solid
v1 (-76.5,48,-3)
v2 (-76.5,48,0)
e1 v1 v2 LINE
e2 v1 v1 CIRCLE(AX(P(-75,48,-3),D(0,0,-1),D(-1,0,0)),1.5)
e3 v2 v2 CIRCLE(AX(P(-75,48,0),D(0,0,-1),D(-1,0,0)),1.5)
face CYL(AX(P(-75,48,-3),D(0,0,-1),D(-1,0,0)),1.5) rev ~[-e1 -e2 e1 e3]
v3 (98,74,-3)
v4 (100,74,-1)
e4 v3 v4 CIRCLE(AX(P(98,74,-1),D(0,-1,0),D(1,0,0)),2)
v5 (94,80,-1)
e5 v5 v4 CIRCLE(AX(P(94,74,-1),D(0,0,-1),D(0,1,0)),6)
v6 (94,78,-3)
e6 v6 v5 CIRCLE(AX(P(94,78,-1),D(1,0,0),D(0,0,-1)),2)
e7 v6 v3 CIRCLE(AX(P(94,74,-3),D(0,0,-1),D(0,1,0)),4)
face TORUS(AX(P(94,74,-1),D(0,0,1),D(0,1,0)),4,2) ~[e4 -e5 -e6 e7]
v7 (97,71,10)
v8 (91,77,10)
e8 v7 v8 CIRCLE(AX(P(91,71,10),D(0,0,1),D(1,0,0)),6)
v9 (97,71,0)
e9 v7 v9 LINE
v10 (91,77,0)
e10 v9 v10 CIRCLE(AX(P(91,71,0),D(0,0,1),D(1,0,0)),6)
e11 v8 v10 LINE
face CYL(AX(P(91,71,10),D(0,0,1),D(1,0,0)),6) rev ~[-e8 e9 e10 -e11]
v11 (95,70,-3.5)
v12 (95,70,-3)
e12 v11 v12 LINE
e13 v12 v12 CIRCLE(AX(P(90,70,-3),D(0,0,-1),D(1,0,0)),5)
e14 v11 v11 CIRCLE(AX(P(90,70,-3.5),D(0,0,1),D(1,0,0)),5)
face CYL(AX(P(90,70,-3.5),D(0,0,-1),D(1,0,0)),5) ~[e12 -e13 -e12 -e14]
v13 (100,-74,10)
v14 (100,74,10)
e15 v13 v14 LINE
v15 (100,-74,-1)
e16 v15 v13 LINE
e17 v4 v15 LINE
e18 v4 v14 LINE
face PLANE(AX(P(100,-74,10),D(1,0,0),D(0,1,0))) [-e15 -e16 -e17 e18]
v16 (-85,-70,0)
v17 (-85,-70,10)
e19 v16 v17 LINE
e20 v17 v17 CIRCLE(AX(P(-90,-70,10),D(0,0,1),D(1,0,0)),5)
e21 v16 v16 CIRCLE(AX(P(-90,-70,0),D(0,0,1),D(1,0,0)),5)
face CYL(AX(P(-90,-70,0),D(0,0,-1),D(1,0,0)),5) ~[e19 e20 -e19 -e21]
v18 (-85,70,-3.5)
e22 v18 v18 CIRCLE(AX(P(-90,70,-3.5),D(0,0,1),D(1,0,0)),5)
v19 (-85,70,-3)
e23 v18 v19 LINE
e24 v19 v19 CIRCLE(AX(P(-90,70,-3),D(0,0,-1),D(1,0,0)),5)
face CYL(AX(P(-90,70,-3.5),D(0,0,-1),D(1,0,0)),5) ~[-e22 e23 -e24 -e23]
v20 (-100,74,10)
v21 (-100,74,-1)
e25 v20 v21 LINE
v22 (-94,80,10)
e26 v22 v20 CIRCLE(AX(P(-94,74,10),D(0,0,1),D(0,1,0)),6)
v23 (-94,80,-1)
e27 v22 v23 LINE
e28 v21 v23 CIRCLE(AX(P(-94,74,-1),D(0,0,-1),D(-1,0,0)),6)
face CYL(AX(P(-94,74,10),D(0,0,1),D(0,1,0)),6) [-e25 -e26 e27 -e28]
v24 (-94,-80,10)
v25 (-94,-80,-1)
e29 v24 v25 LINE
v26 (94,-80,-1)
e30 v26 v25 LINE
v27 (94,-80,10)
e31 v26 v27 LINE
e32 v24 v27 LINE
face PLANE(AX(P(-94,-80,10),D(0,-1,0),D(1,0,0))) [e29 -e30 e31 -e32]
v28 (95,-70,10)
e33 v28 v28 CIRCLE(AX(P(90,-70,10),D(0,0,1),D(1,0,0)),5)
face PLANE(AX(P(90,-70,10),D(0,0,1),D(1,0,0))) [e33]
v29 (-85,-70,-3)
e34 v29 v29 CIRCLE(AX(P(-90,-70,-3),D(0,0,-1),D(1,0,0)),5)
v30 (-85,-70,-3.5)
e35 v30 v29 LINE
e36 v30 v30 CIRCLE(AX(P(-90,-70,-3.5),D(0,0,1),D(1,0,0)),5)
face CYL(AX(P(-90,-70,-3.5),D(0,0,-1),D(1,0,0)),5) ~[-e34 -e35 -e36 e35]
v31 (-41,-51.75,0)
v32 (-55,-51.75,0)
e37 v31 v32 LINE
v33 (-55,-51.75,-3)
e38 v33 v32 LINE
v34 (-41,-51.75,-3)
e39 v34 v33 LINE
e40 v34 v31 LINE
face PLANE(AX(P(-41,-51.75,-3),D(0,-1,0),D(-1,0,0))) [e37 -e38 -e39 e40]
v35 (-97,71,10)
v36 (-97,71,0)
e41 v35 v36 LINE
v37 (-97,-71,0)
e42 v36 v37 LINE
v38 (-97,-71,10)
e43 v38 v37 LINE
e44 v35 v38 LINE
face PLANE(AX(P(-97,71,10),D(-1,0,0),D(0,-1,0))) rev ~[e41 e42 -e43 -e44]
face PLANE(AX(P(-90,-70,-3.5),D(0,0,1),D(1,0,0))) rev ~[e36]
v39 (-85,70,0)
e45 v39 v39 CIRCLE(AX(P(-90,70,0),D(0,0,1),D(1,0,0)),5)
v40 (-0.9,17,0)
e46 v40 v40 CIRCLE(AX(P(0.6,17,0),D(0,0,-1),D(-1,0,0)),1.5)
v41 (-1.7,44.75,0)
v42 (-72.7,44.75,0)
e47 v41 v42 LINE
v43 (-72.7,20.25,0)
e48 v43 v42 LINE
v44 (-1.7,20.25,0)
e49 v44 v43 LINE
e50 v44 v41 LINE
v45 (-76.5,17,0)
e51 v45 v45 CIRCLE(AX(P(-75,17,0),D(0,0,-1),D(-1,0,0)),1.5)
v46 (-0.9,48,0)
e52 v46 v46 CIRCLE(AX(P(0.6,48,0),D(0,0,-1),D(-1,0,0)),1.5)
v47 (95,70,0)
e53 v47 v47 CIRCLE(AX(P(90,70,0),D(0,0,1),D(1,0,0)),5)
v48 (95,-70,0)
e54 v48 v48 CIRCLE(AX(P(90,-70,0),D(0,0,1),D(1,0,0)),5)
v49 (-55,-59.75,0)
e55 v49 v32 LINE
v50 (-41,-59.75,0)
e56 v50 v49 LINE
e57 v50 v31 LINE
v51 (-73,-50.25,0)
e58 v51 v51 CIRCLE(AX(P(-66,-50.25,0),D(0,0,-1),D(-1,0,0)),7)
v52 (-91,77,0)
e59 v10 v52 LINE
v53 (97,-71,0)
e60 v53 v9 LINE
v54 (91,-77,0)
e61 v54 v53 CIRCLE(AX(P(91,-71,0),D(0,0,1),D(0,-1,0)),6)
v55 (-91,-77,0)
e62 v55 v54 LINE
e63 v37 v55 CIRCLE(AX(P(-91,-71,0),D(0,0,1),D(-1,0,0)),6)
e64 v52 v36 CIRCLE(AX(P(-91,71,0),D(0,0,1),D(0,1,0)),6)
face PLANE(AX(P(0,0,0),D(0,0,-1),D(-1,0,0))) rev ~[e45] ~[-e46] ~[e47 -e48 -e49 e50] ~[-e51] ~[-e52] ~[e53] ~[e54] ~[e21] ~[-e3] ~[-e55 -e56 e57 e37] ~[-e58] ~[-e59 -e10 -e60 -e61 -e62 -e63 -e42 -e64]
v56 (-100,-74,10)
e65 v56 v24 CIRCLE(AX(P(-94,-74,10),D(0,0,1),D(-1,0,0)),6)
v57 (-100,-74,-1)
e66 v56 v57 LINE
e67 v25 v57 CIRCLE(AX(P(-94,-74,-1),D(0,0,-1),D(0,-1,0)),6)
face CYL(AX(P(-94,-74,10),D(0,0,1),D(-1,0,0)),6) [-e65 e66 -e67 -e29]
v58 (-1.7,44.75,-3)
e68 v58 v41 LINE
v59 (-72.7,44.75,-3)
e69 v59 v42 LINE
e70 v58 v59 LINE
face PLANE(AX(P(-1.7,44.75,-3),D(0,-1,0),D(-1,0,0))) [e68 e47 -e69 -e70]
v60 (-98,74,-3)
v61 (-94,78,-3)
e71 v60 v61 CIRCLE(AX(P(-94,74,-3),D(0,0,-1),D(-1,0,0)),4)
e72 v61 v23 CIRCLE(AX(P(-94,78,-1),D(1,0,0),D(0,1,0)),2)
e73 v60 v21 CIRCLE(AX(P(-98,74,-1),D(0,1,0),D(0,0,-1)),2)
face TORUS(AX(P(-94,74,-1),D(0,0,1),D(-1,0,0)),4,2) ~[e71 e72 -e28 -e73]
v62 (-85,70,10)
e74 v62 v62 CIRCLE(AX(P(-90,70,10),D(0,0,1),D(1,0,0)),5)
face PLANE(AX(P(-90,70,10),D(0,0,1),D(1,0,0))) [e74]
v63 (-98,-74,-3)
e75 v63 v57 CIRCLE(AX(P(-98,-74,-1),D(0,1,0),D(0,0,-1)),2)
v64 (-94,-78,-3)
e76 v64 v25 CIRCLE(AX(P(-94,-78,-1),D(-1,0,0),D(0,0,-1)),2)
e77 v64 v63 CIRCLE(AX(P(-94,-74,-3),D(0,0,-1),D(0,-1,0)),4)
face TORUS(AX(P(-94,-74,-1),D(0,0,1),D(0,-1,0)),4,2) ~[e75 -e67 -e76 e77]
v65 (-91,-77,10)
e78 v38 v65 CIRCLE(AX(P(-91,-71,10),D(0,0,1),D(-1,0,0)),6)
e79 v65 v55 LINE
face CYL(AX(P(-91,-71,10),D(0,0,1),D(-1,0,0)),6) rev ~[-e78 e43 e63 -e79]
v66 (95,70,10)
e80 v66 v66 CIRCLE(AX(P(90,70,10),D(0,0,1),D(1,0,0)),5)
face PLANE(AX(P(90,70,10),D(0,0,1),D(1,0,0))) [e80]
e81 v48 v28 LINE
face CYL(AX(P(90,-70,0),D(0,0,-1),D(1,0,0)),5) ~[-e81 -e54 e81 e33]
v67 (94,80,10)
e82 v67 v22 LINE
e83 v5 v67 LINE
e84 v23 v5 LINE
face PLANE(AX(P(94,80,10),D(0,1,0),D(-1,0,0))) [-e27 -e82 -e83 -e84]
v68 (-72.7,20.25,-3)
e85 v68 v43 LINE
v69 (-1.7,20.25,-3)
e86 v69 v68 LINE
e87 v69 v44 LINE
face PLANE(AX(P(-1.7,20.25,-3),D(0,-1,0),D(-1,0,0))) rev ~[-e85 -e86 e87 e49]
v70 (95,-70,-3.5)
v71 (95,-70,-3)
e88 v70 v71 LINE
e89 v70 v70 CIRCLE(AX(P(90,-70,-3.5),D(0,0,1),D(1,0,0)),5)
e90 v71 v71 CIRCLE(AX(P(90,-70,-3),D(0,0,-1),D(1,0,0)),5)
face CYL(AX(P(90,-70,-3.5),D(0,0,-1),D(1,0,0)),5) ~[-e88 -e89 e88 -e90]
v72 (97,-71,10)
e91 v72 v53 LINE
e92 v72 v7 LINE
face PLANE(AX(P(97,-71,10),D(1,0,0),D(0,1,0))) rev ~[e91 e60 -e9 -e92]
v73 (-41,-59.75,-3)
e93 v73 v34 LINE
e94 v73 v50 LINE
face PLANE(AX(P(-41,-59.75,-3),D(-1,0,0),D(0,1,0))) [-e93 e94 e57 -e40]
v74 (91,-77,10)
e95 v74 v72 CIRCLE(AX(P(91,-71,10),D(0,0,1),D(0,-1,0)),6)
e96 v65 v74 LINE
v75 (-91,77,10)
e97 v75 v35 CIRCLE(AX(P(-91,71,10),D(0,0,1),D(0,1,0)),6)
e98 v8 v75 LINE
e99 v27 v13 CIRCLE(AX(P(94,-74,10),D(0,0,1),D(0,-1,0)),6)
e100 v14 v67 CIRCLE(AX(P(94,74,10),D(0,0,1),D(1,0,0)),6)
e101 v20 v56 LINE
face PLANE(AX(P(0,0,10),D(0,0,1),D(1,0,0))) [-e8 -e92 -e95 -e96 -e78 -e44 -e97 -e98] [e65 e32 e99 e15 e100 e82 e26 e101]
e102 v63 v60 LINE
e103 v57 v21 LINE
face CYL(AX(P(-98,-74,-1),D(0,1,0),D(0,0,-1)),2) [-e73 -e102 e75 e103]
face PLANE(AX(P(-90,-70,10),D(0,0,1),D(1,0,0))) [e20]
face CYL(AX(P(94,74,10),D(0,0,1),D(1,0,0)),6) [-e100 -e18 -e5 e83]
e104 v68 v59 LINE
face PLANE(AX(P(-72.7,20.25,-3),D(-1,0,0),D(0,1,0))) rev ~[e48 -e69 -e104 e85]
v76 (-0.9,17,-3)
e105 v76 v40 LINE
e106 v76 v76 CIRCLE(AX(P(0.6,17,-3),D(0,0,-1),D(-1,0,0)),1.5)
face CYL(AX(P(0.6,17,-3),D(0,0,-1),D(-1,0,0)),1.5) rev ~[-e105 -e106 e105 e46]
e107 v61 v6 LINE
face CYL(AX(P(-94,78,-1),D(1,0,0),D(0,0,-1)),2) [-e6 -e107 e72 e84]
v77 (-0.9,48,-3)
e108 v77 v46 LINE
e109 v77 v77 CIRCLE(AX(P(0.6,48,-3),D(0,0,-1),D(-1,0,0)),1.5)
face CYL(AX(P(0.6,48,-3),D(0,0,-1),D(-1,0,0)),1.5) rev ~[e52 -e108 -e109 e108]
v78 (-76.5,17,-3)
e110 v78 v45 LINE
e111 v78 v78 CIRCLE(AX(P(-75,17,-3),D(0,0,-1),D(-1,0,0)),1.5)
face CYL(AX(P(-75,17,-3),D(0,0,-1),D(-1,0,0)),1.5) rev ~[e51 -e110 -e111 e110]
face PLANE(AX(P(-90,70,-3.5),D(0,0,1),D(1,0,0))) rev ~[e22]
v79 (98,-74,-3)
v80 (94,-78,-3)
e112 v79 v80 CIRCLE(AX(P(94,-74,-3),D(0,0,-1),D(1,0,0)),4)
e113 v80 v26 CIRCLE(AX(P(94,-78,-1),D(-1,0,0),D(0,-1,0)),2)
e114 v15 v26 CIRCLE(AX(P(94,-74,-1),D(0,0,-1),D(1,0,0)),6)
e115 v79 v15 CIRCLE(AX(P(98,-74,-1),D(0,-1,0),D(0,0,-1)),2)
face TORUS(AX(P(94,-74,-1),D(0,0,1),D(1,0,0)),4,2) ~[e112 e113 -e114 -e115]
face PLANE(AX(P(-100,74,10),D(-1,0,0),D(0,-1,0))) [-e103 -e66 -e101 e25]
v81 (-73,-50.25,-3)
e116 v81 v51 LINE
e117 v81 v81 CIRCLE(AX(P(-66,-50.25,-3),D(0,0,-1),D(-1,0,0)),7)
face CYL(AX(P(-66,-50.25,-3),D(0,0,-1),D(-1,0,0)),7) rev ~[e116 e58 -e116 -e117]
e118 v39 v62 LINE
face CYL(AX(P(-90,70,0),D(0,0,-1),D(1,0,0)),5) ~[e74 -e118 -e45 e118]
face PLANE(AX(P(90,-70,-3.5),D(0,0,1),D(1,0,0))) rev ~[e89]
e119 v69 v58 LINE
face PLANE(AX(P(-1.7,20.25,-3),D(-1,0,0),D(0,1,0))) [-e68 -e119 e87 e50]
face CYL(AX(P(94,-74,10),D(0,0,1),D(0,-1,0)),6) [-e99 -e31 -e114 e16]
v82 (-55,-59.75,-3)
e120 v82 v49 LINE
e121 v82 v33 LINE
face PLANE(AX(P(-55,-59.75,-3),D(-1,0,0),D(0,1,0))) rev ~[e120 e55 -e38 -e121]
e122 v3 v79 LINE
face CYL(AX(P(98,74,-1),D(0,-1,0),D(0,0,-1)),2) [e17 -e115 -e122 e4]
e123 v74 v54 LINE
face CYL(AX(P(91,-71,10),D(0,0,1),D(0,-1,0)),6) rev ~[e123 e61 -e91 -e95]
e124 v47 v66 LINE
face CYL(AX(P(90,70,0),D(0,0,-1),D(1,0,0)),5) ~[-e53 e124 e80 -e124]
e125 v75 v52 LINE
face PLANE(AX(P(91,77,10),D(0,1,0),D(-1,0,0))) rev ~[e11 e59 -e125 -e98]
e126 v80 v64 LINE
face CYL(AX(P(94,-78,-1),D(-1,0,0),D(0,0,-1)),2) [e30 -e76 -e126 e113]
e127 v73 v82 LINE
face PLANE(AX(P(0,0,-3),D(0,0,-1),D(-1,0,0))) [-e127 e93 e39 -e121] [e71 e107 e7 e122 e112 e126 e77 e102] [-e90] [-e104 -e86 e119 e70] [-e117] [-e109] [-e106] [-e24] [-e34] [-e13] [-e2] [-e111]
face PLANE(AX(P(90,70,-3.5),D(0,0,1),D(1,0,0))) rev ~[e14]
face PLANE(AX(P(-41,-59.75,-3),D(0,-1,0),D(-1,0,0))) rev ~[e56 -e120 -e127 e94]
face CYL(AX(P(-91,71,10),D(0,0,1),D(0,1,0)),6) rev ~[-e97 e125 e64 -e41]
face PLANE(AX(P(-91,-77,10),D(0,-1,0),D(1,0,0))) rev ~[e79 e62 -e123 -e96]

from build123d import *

# Parameters (mm, degrees)
BOSS_EXTRU_1_DEPTH      = 3
BOSS_EXTRU_2_START      = 10
BOSS_EXTRU_2_DEPTH      = 10
ESQUISSE2_R             = 5
BOSS_EXTRU_3_DEPTH      = 10
CONG_1_R                = 2
BOSS_EXTRU_4_START      = -3.5
ESQUISSE2_2_R           = 5
BOSS_EXTRU_4_DEPTH      = 3.5
ESQUISSE3_R             = 1.5
ESQUISSE3_W             = 71
ESQUISSE3_H             = 24.5
ENL_V_MAT_EXTRU_1_DEPTH = 3.5
ESQUISSE4_R             = 7
ESQUISSE4_W             = 14
ESQUISSE4_H             = 8
ENL_V_MAT_EXTRU_2_DEPTH = 10


with BuildPart() as part:
    # Esquisse1 → Boss.-Extru.1 (new body)
    with BuildSketch(Plane.XY):
        with BuildLine():
            ThreePointArc((-100, -74), (-98.242640687, -78.242640687), (-94, -80))
            Line((-94, -80), (94, -80))
            ThreePointArc((94, -80), (98.242640687, -78.242640687), (100, -74))
            Line((100, -74), (100, 74))
            ThreePointArc((100, 74), (98.242640687, 78.242640687), (94, 80))
            Line((94, 80), (-94, 80))
            ThreePointArc((-94, 80), (-98.242640687, 78.242640687), (-100, 74))
            Line((-100, 74), (-100, -74))
        make_face()
    extrude(amount=-BOSS_EXTRU_1_DEPTH)

    # Esquisse1<3> → Boss.-Extru.2 (add)
    with BuildSketch(Plane.XY.offset(BOSS_EXTRU_2_START)):
        with BuildLine():
            Line((-94, -80), (94, -80))
            ThreePointArc((94, -80), (98.242640687, -78.242640687), (100, -74))
            Line((100, -74), (100, 74))
            ThreePointArc((100, 74), (98.242640687, 78.242640687), (94, 80))
            Line((94, 80), (-94, 80))
            ThreePointArc((-94, 80), (-98.242640687, 78.242640687), (-100, 74))
            Line((-100, 74), (-100, -74))
            ThreePointArc((-100, -74), (-98.242640687, -78.242640687), (-94, -80))
        make_face()
        with BuildLine():
            Line((-91, -77), (91, -77))
            ThreePointArc((91, -77), (95.242640687, -75.242640687), (97, -71))
            Line((97, -71), (97, 71))
            ThreePointArc((97, 71), (95.242640687, 75.242640687), (91, 77))
            Line((91, 77), (-91, 77))
            ThreePointArc((-91, 77), (-95.242640687, 75.242640687), (-97, 71))
            Line((-97, 71), (-97, -71))
            ThreePointArc((-97, -71), (-95.242640687, -75.242640687), (-91, -77))
        make_face(mode=Mode.SUBTRACT)
    extrude(amount=-BOSS_EXTRU_2_DEPTH)

    # Esquisse2 → Boss.-Extru.3 (add)
    with BuildSketch(Plane.XY):
        with Locations((-90, 70)):
            Circle(ESQUISSE2_R)
        with Locations((90, 70)):
            Circle(ESQUISSE2_R)
        with Locations((90, -70)):
            Circle(ESQUISSE2_R)
        with Locations((-90, -70)):
            Circle(ESQUISSE2_R)
    extrude(amount=BOSS_EXTRU_3_DEPTH)

    # Congé1
    cong_1_edges = [part.edges().sort_by_distance(p)[0] for p in [
        (-100, 0, -3),
        (-98.242640687, -78.242640687, -3),
        (0, -80, -3),
        (98.242640687, -78.242640687, -3),
        (100, 0, -3),
        (98.242640687, 78.242640687, -3),
        (0, 80, -3),
        (-98.242640687, 78.242640687, -3),
    ]]
    fillet(cong_1_edges, radius=CONG_1_R)

    # Esquisse2<2> → Boss.-Extru.4 (add)
    with BuildSketch(Plane.XY.offset(BOSS_EXTRU_4_START)):
        with Locations((-90, 70)):
            Circle(ESQUISSE2_2_R)
        with Locations((90, 70)):
            Circle(ESQUISSE2_2_R)
        with Locations((90, -70)):
            Circle(ESQUISSE2_2_R)
        with Locations((-90, -70)):
            Circle(ESQUISSE2_2_R)
    extrude(amount=BOSS_EXTRU_4_DEPTH)

    # Esquisse3 → Enlèv. mat.-Extru.1 (cut)
    with BuildSketch(Plane(origin=(0, 0, -3), x_dir=(-1, 0, 0), z_dir=(0, 0, -1))):
        with Locations((-0.6, 48)):
            Circle(ESQUISSE3_R)
        with Locations((-0.6, 17)):
            Circle(ESQUISSE3_R)
        with Locations((75, 17)):
            Circle(ESQUISSE3_R)
        with Locations((75, 48)):
            Circle(ESQUISSE3_R)
        with Locations((37.2, 32.5)):
            Rectangle(ESQUISSE3_W, ESQUISSE3_H)
    extrude(amount=-ENL_V_MAT_EXTRU_1_DEPTH, mode=Mode.SUBTRACT)

    # Esquisse4 → Enlèv. mat.-Extru.2 (cut)
    with BuildSketch(Plane(origin=(0, 0, -3), x_dir=(-1, 0, 0), z_dir=(0, 0, -1))):
        with Locations((66, -50.25)):
            Circle(ESQUISSE4_R)
        with Locations((48, -55.75)):
            Rectangle(ESQUISSE4_W, ESQUISSE4_H)
    extrude(amount=-ENL_V_MAT_EXTRU_2_DEPTH, mode=Mode.SUBTRACT)


solid = part.part
